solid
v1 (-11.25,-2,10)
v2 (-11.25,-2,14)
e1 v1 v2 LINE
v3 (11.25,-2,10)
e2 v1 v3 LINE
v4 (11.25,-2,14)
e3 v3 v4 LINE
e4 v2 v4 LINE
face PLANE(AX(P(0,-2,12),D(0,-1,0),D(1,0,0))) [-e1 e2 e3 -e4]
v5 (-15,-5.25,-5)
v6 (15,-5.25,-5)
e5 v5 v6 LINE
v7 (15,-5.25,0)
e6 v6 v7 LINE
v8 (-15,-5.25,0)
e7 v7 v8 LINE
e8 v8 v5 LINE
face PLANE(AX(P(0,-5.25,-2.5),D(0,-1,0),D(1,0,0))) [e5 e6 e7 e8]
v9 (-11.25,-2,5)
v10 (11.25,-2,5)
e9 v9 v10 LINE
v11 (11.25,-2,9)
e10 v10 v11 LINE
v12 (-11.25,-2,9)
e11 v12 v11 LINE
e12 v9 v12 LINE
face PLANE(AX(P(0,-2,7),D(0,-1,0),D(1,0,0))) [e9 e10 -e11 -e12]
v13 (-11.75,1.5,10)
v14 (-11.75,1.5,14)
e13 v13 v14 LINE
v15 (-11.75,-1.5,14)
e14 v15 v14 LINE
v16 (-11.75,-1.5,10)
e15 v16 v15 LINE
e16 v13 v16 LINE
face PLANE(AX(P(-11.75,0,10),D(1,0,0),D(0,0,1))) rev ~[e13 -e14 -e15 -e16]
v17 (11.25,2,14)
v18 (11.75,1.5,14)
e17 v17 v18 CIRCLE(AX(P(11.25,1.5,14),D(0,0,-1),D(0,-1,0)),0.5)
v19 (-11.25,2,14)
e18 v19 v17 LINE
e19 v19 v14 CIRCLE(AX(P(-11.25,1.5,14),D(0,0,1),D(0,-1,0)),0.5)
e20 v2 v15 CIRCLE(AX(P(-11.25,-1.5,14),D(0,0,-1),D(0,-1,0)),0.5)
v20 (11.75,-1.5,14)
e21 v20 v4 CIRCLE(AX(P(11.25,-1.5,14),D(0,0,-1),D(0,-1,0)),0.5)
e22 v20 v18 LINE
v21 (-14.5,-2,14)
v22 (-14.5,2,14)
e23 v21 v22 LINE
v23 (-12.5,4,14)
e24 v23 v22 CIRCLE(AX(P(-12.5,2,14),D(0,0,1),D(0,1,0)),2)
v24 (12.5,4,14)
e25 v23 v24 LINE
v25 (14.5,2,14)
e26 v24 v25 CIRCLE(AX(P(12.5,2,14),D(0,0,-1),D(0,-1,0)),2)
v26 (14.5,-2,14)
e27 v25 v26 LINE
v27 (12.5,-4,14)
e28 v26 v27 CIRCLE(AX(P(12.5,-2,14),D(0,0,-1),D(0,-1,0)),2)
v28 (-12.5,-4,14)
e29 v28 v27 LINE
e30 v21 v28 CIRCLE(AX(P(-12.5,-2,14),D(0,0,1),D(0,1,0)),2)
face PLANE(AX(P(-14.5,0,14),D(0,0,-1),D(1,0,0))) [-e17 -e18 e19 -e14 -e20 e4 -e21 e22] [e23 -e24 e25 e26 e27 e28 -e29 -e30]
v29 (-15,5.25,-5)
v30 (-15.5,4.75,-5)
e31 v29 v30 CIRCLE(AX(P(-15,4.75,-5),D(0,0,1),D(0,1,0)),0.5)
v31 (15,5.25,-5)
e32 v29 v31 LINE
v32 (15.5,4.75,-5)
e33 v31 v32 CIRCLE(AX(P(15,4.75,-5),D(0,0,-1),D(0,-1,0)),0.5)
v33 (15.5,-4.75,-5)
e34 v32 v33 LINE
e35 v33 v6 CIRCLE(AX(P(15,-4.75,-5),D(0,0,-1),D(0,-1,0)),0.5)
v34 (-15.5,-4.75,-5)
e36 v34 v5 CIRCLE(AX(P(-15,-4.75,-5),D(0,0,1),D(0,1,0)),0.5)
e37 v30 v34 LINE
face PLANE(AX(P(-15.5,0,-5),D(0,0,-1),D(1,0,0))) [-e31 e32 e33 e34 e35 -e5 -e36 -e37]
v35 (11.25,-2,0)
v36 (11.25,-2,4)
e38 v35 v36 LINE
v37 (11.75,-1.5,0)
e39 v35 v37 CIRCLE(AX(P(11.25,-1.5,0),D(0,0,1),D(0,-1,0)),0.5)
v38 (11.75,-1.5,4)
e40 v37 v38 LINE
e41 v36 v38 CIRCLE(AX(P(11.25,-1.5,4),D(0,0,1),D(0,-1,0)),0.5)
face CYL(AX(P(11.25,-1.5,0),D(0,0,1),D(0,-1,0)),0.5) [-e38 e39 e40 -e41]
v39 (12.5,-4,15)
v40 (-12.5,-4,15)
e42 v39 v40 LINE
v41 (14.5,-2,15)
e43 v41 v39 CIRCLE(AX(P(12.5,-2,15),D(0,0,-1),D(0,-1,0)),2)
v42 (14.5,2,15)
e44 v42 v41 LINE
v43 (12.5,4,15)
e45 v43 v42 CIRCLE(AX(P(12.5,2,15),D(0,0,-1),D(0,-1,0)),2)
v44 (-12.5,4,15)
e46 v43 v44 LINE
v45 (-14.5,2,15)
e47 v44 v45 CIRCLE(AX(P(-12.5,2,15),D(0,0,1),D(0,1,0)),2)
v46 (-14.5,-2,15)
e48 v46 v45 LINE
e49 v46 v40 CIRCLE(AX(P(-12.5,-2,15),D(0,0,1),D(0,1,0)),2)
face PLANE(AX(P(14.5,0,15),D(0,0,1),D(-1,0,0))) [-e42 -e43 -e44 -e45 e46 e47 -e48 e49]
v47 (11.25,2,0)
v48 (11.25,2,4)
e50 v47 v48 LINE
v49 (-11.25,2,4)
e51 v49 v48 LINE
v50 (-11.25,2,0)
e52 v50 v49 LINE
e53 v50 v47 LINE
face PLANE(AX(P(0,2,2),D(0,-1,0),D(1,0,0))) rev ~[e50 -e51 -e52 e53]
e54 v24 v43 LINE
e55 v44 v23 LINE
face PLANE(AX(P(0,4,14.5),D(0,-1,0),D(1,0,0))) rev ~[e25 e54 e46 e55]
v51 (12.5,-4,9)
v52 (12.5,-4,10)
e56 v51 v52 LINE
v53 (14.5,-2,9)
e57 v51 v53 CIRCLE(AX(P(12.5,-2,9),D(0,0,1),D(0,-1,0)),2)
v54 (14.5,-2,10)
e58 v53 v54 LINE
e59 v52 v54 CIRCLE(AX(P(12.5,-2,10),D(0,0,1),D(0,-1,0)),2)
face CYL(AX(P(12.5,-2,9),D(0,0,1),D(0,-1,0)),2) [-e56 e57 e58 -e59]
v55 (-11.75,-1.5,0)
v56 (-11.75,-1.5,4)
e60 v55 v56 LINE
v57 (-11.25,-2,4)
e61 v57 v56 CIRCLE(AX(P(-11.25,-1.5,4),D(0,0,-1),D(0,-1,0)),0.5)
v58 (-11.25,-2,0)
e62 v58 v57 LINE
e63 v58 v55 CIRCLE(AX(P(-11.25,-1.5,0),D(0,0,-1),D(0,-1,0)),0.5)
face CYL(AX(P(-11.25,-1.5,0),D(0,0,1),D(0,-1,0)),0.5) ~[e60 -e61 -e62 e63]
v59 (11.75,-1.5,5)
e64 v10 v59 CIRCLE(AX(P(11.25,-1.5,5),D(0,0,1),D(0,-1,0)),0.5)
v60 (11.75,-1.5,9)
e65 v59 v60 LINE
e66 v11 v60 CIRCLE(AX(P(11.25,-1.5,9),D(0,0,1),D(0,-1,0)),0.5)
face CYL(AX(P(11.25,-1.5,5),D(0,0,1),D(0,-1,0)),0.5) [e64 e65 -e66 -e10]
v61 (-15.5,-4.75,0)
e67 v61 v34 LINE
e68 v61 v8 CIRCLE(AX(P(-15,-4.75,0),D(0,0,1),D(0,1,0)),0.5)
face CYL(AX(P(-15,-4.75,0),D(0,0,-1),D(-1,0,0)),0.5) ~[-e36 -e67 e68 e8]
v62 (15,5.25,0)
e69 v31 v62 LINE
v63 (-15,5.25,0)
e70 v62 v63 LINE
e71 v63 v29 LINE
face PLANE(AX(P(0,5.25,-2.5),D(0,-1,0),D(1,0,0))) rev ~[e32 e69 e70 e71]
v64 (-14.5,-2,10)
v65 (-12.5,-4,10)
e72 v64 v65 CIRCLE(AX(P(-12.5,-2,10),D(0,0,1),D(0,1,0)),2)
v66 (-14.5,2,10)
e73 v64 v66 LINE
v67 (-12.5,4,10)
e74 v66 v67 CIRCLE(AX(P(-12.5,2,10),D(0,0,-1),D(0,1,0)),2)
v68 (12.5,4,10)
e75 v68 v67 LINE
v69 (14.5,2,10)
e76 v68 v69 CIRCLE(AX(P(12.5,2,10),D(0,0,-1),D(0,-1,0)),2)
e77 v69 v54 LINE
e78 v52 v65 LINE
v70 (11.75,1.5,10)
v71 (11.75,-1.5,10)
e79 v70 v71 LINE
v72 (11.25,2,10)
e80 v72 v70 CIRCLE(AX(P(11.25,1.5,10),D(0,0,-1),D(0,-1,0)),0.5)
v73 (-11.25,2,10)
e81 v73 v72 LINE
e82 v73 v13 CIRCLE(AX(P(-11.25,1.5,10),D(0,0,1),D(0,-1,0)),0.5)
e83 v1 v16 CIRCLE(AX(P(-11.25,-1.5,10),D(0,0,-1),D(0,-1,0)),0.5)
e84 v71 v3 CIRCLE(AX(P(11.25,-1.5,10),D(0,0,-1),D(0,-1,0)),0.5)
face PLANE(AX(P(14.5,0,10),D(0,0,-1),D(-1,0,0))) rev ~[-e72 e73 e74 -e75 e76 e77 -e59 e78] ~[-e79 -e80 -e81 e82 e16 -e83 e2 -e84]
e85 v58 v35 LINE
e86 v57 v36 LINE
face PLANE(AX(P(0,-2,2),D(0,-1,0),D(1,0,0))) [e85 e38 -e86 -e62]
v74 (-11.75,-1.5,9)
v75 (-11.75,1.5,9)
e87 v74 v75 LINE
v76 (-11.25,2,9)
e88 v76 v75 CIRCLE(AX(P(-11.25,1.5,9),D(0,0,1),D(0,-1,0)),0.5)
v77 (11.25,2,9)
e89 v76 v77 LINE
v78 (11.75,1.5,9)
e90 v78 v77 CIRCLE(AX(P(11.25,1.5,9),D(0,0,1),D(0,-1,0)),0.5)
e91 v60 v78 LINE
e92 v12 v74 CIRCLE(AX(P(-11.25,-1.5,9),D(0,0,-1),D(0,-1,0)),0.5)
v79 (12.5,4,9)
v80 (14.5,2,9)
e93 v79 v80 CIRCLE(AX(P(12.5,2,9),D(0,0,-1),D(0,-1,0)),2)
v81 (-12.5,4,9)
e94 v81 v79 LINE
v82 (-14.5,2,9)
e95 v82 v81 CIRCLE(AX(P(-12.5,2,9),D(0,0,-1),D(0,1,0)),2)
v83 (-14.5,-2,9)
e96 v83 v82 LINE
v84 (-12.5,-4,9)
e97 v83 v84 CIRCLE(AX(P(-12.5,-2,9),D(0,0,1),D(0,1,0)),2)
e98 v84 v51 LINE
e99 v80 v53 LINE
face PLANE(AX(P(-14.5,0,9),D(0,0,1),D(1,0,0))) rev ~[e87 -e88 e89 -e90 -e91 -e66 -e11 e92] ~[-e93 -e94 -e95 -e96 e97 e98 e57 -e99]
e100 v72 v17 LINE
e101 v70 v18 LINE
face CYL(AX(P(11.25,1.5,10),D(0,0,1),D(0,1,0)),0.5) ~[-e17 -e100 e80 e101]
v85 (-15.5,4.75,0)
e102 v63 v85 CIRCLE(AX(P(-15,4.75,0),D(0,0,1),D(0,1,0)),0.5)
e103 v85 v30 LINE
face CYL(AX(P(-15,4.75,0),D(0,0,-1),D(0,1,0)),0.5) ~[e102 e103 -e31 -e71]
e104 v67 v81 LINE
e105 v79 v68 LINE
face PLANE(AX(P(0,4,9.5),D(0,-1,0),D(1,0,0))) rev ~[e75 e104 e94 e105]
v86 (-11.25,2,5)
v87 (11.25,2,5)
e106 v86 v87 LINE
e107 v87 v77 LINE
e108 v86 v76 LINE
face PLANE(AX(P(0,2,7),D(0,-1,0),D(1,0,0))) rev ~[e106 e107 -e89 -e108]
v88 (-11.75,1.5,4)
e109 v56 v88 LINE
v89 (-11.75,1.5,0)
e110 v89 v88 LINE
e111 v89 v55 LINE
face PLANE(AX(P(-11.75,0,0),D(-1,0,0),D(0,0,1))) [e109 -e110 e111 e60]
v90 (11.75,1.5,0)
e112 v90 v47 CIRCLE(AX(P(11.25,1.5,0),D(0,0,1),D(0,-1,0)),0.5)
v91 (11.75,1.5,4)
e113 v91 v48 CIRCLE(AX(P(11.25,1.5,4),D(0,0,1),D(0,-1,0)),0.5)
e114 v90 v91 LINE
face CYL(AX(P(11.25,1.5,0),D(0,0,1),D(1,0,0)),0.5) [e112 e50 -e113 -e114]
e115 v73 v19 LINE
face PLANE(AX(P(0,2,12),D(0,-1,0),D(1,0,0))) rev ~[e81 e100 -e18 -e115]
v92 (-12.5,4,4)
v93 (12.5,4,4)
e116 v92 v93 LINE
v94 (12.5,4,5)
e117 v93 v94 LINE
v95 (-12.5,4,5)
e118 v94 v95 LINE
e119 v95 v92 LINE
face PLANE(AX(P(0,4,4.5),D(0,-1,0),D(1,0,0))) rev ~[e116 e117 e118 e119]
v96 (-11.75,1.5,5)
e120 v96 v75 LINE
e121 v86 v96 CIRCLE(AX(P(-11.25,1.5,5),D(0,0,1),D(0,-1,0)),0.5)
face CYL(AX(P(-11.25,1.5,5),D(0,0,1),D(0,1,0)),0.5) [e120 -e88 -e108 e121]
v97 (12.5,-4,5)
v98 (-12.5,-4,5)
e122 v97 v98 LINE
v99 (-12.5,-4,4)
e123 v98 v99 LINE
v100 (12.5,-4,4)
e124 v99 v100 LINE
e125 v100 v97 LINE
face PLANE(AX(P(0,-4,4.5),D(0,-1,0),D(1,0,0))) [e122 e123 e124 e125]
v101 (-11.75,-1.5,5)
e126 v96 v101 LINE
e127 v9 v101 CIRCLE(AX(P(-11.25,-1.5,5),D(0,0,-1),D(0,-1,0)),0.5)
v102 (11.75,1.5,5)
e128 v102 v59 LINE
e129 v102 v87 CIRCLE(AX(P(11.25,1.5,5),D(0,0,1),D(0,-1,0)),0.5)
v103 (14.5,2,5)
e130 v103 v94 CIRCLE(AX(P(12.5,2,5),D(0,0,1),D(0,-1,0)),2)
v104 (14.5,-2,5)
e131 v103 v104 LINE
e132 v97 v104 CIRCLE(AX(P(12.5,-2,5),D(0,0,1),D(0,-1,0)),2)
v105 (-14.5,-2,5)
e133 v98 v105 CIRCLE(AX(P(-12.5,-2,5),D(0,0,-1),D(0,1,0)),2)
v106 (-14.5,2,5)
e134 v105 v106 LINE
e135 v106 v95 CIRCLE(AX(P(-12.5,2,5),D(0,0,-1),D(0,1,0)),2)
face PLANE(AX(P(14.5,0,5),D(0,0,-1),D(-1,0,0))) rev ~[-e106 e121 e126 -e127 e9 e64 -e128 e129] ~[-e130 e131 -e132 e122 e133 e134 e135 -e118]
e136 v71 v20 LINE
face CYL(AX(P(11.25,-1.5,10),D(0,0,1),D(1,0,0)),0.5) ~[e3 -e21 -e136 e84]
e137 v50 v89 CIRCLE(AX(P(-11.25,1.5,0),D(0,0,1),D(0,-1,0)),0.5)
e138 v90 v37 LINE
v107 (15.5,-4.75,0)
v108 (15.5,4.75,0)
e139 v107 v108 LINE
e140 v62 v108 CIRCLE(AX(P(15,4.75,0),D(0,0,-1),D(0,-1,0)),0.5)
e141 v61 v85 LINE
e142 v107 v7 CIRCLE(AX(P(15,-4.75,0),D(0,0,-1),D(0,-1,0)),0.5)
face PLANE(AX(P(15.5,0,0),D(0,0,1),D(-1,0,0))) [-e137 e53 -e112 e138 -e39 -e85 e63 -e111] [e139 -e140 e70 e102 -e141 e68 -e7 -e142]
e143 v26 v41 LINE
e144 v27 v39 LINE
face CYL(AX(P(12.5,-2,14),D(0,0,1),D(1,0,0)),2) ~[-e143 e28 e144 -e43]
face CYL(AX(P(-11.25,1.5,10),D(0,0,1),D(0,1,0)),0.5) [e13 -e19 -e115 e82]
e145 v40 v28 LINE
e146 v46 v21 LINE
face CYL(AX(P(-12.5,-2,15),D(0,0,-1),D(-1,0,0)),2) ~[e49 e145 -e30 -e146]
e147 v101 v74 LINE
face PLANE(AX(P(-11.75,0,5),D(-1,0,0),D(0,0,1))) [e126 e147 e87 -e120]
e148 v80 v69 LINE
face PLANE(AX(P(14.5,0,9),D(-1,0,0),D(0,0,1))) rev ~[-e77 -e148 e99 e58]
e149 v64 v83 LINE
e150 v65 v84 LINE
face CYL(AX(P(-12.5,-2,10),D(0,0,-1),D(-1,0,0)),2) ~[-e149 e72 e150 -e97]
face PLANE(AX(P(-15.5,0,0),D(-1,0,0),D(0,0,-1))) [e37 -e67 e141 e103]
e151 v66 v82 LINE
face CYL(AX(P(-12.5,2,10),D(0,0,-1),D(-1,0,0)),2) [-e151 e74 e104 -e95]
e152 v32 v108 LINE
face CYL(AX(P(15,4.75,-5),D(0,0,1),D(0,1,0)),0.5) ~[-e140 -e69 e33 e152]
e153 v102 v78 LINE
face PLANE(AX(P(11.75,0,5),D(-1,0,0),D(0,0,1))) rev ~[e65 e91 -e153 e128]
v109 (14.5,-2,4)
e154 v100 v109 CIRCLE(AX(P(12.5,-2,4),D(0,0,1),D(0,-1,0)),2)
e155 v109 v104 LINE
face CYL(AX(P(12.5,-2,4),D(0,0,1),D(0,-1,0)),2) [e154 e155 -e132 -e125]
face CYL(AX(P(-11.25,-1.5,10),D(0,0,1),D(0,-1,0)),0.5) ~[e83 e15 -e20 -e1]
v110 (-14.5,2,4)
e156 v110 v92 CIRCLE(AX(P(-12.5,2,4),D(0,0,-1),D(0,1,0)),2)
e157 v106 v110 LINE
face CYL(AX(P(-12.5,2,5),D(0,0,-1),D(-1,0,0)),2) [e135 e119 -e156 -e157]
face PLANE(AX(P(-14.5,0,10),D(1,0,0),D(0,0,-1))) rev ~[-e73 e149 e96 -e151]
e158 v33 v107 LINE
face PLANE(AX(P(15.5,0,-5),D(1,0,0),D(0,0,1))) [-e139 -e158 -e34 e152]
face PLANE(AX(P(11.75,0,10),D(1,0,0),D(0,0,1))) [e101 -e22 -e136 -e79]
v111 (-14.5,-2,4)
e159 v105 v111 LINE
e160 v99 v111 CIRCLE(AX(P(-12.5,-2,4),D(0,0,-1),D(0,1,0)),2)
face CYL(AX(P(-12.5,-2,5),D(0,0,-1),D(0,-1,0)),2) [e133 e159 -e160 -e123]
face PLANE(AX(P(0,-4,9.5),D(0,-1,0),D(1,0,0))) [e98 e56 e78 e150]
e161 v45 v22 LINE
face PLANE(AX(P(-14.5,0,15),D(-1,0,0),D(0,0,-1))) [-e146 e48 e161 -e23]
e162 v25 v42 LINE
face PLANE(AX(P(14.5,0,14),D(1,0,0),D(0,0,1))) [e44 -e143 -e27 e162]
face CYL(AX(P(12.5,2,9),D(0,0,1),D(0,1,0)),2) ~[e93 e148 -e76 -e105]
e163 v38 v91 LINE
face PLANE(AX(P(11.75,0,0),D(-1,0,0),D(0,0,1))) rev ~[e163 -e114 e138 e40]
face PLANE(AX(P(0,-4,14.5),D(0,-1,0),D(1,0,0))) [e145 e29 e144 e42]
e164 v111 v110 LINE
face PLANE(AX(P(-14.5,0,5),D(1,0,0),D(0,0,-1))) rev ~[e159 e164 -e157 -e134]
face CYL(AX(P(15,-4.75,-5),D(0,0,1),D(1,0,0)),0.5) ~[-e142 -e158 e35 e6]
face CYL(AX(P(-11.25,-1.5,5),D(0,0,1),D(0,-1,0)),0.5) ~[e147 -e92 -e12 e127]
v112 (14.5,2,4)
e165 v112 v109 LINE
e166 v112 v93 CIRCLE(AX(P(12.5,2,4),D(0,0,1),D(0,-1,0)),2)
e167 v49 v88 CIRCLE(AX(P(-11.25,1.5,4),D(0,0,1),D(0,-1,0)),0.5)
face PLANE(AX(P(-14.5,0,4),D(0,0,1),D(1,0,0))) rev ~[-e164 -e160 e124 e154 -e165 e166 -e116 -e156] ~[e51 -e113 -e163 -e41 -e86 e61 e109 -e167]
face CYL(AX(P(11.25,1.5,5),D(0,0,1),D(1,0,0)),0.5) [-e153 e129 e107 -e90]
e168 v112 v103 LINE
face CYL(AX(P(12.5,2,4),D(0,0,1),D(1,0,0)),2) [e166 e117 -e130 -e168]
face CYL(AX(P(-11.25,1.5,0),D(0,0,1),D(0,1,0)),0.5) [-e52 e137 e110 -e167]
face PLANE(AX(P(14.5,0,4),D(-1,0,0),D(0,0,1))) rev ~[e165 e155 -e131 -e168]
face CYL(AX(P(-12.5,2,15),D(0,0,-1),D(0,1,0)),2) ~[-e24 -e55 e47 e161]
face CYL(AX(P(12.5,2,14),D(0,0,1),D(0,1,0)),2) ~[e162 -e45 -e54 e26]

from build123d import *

# Parameters (mm, degrees)
F1_DEPTH = 5.25
F2_DEPTH = 4
F0_W     = 23.5
F0_H     = 4
F3_DEPTH = 2
F4_R     = 0.5
F5_R     = 2


with BuildPart() as f1:
    # F0 (on Front) → F1 (new body, symmetric)
    with BuildSketch(Plane.XZ):
        Polygon((-11.75, 0), (-15.5, 0), (-15.5, -5), (15.5, -5), (15.5, 0), (11.75, 0), align=None)
    extrude(amount=F1_DEPTH, both=True)



with BuildPart() as f2:
    # F0 (on Front) → F2 (new body, symmetric)
    with BuildSketch(Plane.XZ):
        Polygon((-14.5, 4), (-11.75, 4), (11.75, 4), (14.5, 4), (14.5, 5), (11.75, 5), (-11.75, 5), (-14.5, 5), align=None)
        Polygon((-14.5, 9), (-11.75, 9), (11.75, 9), (14.5, 9), (14.5, 10), (11.75, 10), (-11.75, 10), (-14.5, 10), align=None)
        Polygon((-14.5, 14), (-11.75, 14), (11.75, 14), (14.5, 14), (14.5, 15), (-14.5, 15), align=None)
    extrude(amount=F2_DEPTH, both=True)


with BuildPart() as f1_1:
    add(f1.part)

    add(f2.part)  # F3 merges F2
    # F0 (on Front) → F3 (join, symmetric)
    with BuildSketch(Plane.XZ):
        with Locations((0, 2)):
            Rectangle(F0_W, F0_H)
        with Locations((0, 7)):
            Rectangle(F0_W, F0_H)
        with Locations((0, 12)):
            Rectangle(F0_W, F0_H)
    extrude(amount=F3_DEPTH, both=True)

    # F4
    f4_edges = [f1_1.edges().sort_by_distance(p)[0] for p in [
        (15.5, -5.25, -2.5),
        (15.5, 5.25, -2.5),
        (-15.5, -5.25, -2.5),
        (-11.75, -2, 2),
        (-11.75, -2, 7),
        (-11.75, -2, 12),
        (11.75, -2, 2),
        (11.75, -2, 7),
        (11.75, -2, 12),
        (11.75, 2, 2),
        (11.75, 2, 7),
        (11.75, 2, 12),
        (-15.5, 5.25, -2.5),
        (-11.75, 2, 2),
        (-11.75, 2, 7),
        (-11.75, 2, 12),
    ]]
    fillet(f4_edges, radius=F4_R)

    # F5
    f5_edges = [f1_1.edges().sort_by_distance(p)[0] for p in [
        (-14.5, 4, 4.5),
        (-14.5, 4, 9.5),
        (-14.5, 4, 14.5),
        (-14.5, -4, 14.5),
        (-14.5, -4, 9.5),
        (-14.5, -4, 4.5),
        (14.5, -4, 14.5),
        (14.5, -4, 9.5),
        (14.5, -4, 4.5),
        (14.5, 4, 4.5),
        (14.5, 4, 9.5),
        (14.5, 4, 14.5),
    ]]
    fillet(f5_edges, radius=F5_R)


solid = f1_1.part
